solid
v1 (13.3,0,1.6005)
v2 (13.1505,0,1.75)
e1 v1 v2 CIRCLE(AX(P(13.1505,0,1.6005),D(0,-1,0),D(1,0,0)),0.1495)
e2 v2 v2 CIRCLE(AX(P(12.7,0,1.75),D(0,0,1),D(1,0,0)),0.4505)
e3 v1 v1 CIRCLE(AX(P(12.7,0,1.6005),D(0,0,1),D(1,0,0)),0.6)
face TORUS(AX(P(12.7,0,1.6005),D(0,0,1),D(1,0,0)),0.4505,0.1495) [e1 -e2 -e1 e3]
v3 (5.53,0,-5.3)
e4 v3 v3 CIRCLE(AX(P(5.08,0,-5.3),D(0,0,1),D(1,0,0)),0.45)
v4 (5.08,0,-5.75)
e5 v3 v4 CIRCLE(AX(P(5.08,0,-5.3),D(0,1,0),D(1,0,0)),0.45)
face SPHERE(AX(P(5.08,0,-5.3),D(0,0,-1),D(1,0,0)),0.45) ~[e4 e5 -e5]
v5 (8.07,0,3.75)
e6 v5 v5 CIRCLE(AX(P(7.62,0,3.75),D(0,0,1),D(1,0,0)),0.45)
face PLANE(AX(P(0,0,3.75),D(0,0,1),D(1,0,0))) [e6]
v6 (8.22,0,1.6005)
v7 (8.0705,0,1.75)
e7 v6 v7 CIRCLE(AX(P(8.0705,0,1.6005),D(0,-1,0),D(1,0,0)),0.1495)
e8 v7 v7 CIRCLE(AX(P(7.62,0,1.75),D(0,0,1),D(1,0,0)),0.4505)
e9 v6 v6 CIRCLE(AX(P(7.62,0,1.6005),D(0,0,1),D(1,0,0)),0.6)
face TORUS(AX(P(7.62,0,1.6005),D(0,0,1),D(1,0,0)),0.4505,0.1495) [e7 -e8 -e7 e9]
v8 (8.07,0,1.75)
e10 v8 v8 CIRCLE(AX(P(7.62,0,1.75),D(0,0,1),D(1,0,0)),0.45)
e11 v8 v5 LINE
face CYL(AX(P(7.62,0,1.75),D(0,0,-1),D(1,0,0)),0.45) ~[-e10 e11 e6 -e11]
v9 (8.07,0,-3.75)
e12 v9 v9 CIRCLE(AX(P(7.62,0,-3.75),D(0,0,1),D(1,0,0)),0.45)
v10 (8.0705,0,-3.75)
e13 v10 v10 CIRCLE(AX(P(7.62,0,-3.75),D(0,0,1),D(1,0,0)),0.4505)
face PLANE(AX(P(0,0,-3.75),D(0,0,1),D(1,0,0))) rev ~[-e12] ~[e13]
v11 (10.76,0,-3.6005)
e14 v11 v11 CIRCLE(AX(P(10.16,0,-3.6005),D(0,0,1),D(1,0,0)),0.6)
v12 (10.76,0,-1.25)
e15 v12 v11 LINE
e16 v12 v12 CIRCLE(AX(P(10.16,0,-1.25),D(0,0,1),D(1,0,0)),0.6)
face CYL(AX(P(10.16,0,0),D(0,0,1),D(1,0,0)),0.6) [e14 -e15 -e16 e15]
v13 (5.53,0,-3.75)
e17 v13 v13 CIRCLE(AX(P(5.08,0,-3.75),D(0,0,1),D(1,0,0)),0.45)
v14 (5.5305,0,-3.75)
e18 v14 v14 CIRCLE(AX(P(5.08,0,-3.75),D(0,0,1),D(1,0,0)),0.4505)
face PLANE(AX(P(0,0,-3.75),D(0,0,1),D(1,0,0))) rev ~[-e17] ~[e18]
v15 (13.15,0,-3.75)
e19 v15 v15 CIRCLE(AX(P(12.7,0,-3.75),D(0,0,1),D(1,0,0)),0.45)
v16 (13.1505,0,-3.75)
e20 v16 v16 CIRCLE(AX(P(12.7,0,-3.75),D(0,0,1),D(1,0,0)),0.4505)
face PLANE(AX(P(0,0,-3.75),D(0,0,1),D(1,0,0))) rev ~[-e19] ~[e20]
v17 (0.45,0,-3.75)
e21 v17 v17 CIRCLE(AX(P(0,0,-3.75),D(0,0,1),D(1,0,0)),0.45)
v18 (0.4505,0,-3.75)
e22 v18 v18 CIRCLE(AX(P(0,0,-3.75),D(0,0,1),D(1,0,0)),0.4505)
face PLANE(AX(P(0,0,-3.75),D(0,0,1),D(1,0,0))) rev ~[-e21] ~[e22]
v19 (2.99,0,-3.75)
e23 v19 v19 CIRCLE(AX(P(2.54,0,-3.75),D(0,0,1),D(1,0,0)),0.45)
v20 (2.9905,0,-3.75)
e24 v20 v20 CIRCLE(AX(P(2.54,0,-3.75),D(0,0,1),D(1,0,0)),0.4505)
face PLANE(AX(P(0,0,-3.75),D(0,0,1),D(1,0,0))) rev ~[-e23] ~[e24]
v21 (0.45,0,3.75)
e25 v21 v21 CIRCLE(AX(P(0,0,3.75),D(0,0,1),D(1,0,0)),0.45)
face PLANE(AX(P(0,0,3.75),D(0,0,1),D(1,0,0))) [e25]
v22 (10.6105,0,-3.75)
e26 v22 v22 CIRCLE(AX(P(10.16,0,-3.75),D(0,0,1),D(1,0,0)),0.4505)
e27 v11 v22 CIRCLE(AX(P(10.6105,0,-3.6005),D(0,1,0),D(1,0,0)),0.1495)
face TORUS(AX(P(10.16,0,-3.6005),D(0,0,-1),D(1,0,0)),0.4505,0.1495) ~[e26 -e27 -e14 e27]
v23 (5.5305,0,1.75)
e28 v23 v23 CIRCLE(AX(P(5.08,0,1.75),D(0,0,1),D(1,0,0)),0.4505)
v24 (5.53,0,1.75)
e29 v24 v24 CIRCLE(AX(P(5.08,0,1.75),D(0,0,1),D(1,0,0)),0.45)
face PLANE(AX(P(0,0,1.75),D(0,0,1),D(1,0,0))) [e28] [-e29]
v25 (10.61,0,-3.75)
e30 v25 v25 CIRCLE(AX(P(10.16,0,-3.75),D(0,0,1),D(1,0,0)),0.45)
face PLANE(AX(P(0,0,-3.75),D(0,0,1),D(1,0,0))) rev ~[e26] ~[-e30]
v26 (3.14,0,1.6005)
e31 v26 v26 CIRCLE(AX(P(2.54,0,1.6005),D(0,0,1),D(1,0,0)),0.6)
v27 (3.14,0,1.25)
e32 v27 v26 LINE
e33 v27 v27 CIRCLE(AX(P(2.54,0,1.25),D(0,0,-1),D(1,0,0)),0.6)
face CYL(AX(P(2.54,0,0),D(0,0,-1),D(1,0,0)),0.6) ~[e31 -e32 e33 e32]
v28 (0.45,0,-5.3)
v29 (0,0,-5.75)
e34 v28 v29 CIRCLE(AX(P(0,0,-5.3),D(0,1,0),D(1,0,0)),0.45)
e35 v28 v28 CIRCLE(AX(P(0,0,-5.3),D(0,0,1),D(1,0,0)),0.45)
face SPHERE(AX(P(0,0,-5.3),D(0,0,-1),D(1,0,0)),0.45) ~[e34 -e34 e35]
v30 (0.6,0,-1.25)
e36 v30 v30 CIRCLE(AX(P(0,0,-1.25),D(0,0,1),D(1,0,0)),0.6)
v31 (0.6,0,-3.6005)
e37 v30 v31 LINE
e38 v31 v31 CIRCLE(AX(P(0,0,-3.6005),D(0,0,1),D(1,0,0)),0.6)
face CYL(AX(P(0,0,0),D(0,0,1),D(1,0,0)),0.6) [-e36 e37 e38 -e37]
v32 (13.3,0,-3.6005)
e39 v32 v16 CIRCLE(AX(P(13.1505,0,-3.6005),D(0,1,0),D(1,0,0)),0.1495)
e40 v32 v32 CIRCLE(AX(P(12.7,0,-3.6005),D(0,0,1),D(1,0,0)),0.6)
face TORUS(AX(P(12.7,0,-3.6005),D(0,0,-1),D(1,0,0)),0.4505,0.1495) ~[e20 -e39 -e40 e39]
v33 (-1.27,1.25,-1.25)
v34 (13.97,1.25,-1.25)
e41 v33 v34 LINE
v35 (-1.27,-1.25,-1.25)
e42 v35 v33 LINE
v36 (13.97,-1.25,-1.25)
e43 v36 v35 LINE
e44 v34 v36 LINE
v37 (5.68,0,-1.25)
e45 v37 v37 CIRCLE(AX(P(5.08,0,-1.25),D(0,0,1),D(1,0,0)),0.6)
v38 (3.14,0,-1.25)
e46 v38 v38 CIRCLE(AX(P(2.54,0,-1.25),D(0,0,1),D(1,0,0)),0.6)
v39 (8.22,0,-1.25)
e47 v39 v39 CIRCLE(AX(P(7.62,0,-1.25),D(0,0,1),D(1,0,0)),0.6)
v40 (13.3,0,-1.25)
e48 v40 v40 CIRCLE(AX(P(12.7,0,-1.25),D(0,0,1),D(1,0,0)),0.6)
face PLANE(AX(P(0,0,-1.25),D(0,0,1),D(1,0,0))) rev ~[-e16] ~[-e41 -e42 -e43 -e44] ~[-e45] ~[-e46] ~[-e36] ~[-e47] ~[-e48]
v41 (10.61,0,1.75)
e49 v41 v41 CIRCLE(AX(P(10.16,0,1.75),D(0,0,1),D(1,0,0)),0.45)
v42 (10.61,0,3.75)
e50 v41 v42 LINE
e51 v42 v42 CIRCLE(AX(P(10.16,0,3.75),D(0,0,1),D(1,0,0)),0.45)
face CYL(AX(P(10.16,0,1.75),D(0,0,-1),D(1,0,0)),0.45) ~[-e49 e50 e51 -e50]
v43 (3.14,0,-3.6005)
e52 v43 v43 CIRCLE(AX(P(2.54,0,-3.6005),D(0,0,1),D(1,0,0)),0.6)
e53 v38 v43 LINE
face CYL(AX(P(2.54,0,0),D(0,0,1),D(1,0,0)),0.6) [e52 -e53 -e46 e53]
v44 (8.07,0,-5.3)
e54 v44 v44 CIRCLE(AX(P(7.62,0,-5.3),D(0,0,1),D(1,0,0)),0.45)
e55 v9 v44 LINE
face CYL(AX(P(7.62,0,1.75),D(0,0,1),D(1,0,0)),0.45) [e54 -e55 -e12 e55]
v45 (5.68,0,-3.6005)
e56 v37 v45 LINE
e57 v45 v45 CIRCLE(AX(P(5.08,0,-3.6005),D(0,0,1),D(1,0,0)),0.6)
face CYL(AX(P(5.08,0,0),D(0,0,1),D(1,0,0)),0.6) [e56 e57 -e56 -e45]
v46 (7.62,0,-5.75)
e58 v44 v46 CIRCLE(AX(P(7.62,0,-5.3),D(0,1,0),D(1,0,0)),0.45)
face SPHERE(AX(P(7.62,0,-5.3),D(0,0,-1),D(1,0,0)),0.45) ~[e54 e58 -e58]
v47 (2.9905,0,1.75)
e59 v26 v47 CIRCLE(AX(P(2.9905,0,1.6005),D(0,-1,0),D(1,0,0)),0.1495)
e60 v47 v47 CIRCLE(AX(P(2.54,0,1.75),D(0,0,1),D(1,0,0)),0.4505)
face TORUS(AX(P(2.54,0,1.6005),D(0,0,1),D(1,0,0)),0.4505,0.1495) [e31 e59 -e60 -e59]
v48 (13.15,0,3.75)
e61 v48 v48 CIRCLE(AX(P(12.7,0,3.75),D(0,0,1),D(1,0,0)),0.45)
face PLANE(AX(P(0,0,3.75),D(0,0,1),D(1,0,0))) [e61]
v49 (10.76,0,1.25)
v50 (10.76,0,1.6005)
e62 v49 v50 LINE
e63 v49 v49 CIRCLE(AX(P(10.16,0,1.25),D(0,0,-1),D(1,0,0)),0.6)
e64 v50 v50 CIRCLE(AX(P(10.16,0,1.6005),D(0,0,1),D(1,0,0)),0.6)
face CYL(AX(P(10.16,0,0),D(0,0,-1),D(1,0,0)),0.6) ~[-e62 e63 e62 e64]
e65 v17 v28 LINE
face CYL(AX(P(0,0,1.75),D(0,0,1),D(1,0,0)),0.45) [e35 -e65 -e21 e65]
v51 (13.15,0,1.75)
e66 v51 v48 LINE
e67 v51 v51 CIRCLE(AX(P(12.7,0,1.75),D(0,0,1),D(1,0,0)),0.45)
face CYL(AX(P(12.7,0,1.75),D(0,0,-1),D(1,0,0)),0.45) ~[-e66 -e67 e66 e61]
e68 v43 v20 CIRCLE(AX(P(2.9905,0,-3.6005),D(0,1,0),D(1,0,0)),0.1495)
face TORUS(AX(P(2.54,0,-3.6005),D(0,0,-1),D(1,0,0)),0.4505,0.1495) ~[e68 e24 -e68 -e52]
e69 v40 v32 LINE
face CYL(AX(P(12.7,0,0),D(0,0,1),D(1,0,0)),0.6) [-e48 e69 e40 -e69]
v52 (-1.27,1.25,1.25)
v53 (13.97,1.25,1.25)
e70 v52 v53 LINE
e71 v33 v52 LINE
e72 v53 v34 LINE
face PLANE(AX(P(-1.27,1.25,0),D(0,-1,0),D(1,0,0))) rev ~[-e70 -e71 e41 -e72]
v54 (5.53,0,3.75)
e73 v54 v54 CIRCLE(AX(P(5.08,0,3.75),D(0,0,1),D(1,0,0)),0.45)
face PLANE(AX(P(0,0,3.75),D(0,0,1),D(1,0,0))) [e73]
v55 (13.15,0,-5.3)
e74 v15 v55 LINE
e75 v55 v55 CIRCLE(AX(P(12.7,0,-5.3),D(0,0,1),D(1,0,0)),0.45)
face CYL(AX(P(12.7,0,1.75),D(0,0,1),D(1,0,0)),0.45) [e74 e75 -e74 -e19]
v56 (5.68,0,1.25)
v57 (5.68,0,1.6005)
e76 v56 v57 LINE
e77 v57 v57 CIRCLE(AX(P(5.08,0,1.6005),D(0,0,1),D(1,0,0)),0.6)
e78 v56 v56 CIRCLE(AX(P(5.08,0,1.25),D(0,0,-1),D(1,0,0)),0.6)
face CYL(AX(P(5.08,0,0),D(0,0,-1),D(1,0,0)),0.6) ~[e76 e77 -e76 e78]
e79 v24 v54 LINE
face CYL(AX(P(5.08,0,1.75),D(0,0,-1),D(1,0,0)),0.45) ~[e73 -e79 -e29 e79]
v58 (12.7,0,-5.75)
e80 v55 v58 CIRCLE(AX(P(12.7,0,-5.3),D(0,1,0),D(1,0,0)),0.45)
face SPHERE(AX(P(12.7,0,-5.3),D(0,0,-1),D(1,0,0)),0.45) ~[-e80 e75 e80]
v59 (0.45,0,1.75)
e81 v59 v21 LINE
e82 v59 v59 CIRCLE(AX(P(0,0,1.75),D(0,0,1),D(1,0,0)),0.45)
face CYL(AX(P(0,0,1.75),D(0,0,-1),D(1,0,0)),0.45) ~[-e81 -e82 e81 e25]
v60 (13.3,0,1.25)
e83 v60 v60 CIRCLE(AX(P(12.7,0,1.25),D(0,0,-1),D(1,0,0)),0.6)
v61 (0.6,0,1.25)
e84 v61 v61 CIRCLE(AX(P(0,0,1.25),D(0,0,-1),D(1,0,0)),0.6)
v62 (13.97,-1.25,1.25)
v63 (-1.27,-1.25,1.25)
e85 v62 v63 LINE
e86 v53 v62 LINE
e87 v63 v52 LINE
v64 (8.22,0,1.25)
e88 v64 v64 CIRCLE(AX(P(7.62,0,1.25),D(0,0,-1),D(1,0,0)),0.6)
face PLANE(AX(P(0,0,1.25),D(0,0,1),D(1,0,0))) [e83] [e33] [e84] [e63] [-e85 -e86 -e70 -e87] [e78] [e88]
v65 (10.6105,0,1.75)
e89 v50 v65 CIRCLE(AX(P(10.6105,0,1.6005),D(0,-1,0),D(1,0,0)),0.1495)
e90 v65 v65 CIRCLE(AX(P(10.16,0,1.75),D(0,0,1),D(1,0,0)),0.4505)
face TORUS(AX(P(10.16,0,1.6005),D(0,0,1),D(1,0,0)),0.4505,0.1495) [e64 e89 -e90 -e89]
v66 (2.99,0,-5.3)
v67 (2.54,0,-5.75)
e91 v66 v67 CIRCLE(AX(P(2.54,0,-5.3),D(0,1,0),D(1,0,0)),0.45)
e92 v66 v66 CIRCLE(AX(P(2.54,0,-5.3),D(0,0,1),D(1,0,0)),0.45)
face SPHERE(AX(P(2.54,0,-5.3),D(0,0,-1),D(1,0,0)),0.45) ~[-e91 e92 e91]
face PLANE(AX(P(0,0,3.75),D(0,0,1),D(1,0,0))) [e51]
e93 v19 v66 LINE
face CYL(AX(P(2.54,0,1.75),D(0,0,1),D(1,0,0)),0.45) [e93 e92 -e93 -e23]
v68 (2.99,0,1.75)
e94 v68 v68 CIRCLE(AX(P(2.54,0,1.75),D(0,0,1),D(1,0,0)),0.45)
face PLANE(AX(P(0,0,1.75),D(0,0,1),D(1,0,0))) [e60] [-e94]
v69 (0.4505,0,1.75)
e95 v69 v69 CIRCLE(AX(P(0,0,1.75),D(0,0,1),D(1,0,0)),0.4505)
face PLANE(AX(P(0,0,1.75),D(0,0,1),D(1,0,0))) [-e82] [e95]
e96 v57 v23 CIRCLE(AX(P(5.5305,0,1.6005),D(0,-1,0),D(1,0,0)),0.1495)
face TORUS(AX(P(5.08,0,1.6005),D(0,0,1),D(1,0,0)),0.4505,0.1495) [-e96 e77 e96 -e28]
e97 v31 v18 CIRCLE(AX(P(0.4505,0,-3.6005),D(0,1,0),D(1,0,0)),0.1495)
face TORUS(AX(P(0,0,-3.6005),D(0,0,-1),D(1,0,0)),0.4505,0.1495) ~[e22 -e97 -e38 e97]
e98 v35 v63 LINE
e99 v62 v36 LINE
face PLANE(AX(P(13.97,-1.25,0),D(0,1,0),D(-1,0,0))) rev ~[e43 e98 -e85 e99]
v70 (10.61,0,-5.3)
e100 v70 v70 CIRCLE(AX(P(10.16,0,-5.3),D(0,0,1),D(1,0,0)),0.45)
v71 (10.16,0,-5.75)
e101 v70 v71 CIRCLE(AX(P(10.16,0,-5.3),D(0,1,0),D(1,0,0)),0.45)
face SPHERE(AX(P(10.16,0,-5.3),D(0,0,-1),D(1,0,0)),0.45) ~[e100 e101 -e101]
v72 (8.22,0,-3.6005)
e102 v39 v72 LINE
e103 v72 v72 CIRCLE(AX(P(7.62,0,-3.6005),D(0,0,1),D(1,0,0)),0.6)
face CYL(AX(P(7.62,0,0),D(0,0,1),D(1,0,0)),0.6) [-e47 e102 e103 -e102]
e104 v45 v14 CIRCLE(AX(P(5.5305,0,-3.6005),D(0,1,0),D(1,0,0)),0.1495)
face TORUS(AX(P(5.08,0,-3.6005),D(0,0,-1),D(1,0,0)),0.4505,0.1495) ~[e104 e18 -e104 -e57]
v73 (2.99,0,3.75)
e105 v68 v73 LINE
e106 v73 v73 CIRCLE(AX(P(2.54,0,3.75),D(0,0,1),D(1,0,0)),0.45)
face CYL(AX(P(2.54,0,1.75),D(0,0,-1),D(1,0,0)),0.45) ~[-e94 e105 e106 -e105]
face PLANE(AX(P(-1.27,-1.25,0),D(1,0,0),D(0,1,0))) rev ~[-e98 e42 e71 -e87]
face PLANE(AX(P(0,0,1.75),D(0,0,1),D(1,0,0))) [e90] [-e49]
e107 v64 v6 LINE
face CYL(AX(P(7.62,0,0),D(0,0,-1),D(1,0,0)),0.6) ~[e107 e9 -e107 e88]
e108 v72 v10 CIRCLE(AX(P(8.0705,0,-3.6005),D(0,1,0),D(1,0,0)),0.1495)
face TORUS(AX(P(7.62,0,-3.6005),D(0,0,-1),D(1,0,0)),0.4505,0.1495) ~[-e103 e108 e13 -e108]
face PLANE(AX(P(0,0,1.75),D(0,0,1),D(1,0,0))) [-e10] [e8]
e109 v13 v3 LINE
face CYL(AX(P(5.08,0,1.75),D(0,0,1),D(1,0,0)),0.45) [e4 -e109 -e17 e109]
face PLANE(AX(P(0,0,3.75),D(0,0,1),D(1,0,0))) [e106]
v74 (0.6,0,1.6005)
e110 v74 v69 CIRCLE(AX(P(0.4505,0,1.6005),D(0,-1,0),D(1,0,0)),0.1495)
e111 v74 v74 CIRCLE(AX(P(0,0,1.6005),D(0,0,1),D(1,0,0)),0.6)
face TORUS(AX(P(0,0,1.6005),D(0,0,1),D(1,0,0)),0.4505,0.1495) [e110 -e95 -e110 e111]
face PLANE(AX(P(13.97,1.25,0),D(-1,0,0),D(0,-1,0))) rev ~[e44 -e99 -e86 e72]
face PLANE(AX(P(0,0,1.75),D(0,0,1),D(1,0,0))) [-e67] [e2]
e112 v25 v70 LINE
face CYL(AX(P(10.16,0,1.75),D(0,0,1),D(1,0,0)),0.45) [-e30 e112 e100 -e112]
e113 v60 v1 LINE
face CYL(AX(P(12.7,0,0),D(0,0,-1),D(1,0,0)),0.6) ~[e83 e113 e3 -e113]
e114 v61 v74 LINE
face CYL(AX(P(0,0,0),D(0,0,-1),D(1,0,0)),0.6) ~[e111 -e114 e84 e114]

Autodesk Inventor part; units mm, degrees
ref_plane "YZ Plane" through (0, 0, 0) normal (1, 0, 0) x (0, 1, 0)
ref_plane "XZ Plane" through (0, 0, 0) normal (0, 1, 0) x (-1, 0, 0)
ref_plane "XY Plane" through (0, 0, 0) normal (0, 0, 1) x (1, 0, 0)
sketch "Sketch1" plane through (0, 0, 0) normal (0, 0, 1) x (1, 0, 0)
  circle A0 centre (0, 0) radius 0.6
  circle A1 centre (2.54, 0) radius 0.6
  circle A2 centre (5.08, 0) radius 0.6
  circle A3 centre (7.62, 0) radius 0.6
  circle A4 centre (10.16, 0) radius 0.6
  circle A5 centre (12.7, 0) radius 0.6
  line L0 (-1.27, 1.25) -> (13.97, 1.25)
  line L1 (13.97, 1.25) -> (13.97, -1.25)
  line L2 (13.97, -1.25) -> (-1.27, -1.25)
  line L3 (-1.27, -1.25) -> (-1.27, 1.25)
  line L4 (0, 0) -> (12.7, 0) construction
  point P0 (13.97, 0)
  dimension "d0" = 1.2
  dimension "d1" = 1.2
  dimension "d2" = 1.2
  dimension "d3" = 1.2
  dimension "d4" = 1.2
  dimension "d5" = 1.2
  dimension "d6" = 2.54
  dimension "d7" = 2.54
  dimension "d8" = 2.54
  dimension "d9" = 2.54
  dimension "d10" = 2.54
  dimension "d11" = 2.5
  dimension "d12" = 1.27
  dimension "d13" = 1.27
  dimension "d14" = 0
extrude "Extrusion1" add sketch "Sketch1" along normal mid plane 2.5 contours A0 | A1 | A2 | A3 | A4 | A5 | L0 L1 L2 L3
extrude "Extrusion2" add sketch "Sketch1" along normal blind 1.75 contours A0 | A1 | A2 | A3 | A4 | A5
extrude "Extrusion3" add sketch "Sketch1" against normal blind 3.75 contours A0 | A1 | A2 | A3 | A4 | A5
sketch "Sketch2" plane through (0, 0, 1.75) normal (0, 0, 1) x (1, 0, 0)
  circle A0 centre (0, 0) radius 0.6 projected
  circle A1 centre (2.54, 0) radius 0.6 projected
  circle A2 centre (5.08, 0) radius 0.6 projected
  circle A3 centre (7.62, 0) radius 0.6 projected
  circle A4 centre (10.16, 0) radius 0.6 projected
  circle A5 centre (12.7, 0) radius 0.6 projected
  circle A6 centre (0, 0) radius 0.45
  line L0 (0, 0) -> (12.7, 0) construction
  circle A7 centre (2.54, 0) radius 0.45
  circle A8 centre (5.08, 0) radius 0.45
  circle A9 centre (7.62, 0) radius 0.45
  circle A10 centre (10.16, 0) radius 0.45
  circle A11 centre (12.7, 0) radius 0.45
  dimension "d21" = 0.9
  dimension "d24" = 2.54
extrude "Extrusion4" add sketch "Sketch2" along normal blind 2 and the other way blind 7.5 contours A6 | A7 | A8 | A9 | A10 | A11
fillet "Fillet1" radius 0.15 12 edges at (-0.6, 0, 1.75) (1.94, 0, 1.75) (4.48, 0, 1.75) (7.02, 0, 1.75) (9.56, 0, 1.75) (12.1, 0, 1.75) (12.1, 0, -3.75) (9.56, 0, -3.75) (7.02, 0, -3.75) (4.48, 0, -3.75) (1.94, 0, -3.75) (-0.6, 0, -3.75)
fillet "Fillet2" radius 0.45 6 edges at (12.25, 0, -5.75) (9.71, 0, -5.75) (7.17, 0, -5.75) (4.63, 0, -5.75) (2.09, 0, -5.75) (-0.45, 0, -5.75)
equation "\"d7\" = d6"
equation "\"d8\" = d6"
equation "\"d9\" = d6"
equation "\"d10\" = d6"
equation "\"d12\" = 0.5 * d6"
equation "\"d13\" = 0.5 * d6"
properties part number "PogoPins - 1x6Array" material "ABS Plastic"
